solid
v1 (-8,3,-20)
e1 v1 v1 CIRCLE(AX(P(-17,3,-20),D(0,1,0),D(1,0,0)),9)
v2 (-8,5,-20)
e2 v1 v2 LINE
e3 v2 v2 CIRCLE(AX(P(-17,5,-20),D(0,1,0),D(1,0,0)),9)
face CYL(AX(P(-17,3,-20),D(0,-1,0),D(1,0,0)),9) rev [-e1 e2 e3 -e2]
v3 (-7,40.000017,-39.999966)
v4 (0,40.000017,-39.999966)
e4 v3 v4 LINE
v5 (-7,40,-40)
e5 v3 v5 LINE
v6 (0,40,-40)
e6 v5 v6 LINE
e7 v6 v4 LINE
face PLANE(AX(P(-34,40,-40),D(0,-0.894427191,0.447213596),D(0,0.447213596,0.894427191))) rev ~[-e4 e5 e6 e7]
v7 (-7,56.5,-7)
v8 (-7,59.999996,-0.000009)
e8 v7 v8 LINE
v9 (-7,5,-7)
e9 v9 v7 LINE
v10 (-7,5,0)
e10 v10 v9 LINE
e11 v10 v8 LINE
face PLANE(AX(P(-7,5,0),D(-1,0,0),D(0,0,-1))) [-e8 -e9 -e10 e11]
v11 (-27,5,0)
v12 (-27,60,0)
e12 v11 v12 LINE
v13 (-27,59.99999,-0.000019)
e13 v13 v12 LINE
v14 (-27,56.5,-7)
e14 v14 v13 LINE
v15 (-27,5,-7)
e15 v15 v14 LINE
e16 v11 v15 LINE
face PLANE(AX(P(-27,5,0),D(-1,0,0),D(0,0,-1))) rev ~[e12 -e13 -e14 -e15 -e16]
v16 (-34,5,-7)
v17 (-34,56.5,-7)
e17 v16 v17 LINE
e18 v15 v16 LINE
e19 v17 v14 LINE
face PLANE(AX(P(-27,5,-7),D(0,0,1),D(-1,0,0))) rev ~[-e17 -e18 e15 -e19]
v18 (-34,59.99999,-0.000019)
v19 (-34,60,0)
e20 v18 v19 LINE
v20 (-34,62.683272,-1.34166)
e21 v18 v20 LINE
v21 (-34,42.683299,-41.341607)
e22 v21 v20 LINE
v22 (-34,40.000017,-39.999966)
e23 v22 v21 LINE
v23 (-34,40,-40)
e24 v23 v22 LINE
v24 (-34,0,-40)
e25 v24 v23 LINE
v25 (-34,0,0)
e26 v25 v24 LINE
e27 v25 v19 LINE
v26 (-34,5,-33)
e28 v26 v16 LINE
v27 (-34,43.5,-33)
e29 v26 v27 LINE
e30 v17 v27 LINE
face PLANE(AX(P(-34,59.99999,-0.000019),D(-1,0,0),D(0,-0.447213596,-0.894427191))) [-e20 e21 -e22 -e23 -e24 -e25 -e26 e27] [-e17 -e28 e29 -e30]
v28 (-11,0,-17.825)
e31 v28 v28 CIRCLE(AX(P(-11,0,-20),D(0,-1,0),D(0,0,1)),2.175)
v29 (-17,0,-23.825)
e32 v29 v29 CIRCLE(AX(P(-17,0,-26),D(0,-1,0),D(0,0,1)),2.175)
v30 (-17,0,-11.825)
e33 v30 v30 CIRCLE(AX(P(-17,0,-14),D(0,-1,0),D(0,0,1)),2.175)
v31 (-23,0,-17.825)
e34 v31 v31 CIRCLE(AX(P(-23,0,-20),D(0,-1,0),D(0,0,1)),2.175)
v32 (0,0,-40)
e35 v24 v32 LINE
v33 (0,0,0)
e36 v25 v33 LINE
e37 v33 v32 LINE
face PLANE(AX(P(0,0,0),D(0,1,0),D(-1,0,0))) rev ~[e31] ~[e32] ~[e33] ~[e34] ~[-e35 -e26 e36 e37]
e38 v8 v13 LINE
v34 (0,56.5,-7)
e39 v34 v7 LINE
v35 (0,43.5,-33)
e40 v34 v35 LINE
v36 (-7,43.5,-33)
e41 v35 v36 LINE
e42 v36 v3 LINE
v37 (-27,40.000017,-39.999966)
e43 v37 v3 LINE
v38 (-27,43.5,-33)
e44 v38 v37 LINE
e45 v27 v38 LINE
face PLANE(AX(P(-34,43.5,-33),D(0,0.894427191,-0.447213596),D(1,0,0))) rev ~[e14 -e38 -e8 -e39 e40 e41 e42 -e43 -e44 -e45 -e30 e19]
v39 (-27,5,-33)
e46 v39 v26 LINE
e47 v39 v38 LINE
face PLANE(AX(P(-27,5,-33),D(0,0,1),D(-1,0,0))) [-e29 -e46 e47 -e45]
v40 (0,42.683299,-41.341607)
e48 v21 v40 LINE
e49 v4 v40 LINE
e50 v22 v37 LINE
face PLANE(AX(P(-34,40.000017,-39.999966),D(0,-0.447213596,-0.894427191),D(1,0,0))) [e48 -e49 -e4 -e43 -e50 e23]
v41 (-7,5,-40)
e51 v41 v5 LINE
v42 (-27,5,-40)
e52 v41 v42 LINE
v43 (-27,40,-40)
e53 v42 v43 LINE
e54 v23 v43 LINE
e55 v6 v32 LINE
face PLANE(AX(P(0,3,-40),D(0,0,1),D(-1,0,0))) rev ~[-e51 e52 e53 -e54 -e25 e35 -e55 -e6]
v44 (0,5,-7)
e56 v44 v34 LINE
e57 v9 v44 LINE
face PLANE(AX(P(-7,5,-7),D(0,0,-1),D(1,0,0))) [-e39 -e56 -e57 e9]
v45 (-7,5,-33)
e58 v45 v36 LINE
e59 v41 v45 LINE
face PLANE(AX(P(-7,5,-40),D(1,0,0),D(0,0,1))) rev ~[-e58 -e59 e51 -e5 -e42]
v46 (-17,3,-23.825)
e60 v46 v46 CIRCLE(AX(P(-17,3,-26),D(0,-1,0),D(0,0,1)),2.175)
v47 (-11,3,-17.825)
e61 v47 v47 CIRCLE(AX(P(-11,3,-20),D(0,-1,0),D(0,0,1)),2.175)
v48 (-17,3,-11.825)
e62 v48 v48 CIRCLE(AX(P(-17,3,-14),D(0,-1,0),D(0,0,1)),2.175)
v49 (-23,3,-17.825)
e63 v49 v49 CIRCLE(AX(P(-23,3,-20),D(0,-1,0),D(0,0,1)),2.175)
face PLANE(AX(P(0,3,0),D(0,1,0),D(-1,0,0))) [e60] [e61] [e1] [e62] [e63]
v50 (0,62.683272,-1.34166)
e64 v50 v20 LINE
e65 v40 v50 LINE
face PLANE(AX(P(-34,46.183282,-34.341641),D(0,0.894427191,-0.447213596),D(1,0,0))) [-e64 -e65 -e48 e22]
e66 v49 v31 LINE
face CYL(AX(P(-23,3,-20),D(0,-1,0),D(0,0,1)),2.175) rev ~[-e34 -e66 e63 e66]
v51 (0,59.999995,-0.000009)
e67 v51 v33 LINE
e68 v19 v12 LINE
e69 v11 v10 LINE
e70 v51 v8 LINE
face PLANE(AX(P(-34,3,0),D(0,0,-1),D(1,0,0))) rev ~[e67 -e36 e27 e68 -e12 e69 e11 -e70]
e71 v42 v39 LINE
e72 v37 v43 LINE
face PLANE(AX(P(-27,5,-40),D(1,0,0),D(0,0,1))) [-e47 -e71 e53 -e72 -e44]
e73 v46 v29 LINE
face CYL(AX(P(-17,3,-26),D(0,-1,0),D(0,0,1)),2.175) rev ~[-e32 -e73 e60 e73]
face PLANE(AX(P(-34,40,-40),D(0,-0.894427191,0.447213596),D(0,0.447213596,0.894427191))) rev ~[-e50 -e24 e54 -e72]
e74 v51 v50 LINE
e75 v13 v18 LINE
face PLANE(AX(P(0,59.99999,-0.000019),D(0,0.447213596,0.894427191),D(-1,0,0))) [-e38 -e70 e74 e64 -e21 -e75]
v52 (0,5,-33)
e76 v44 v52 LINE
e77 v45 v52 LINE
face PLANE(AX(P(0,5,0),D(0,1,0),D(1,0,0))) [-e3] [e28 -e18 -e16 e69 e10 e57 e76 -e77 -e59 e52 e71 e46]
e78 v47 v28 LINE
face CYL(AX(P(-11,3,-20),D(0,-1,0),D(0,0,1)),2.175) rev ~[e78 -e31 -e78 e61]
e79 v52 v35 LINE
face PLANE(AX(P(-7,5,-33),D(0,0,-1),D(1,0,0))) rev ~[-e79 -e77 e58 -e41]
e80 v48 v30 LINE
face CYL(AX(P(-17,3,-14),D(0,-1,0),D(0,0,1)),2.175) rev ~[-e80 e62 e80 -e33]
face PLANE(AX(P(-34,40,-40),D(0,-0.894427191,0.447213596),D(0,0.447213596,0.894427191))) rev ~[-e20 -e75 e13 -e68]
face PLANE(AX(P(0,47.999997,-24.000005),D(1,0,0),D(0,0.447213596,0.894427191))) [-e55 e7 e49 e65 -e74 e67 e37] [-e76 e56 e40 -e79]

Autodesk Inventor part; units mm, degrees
ref_plane "YZ Plane" through (0, 0, 0) normal (1, 0, 0) x (0, 1, 0)
ref_plane "XZ Plane" through (0, 0, 0) normal (0, 1, 0) x (-1, 0, 0)
ref_plane "XY Plane" through (0, 0, 0) normal (0, 0, 1) x (1, 0, 0)
sketch "Sketch1" plane through (0, 0, 0) normal (0, 1, 0) x (-1, 0, 0)
  line L0 (0, 0) -> (34, 0)
  line L1 (34, 0) -> (34, -40)
  line L2 (34, -40) -> (0, -40)
  line L3 (0, -40) -> (0, 0)
  line L4 (17, -40) -> (17, 0)
  line L5 (34, -20) -> (0, -20)
  dimension "d0" = 34
  dimension "d1" = 40
extrude "Extrusion1" add sketch "Sketch1" along normal blind 3
sketch "Sketch2" plane through (0, 3, 0) normal (0, 1, 0) x (1, 0, 0)
  line L0 (-34, 40) -> (-34, 0) projected
  line L1 (0, 0) -> (0, 40) projected
  line L2 (0, 40) -> (-34, 40) projected
  line L3 (-34, 0) -> (0, 0) projected
  circle A0 centre (-17, 20) radius 9
  line L4 (-34, 0) -> (0, 0)
  line L5 (0, 0) -> (0, 40)
  line L6 (0, 40) -> (-34, 40)
  line L7 (-34, 40) -> (-34, 0)
  dimension "d4" = 18
extrude "Extrusion2" add sketch "Sketch2" along normal blind 2
sketch "Sketch4" plane through (-17, 3, -20) normal (0, 1, 0) x (1, 0, 0)
  line L0 (0, 0) -> (0, 6)
  circle A0 centre (0, 6) radius 2.175
  circle A1 centre (0, -6) radius 2.175
  circle A2 centre (6, 0) radius 2.175
  circle A3 centre (-6, 0) radius 2.175
  point P0 (17, -20)
  dimension "d7" = 6
  dimension "d8" = 4.35
  dimension "d9" = 4.35
  dimension "d10" = 12
  dimension "d11" = 4.35
  dimension "d12" = 6
  dimension "d13" = 4.35
  dimension "d14" = 12
hole "Hole1" at (-23, 3, -20) at (-17, 3, -26) at (-11, 3, -20) at (-17, 3, -14) direction (0, -1, 0) diameter 4.35 end through all
sketch "Sketch5" plane through (0, 5, 0) normal (0, 1, 0) x (1, 0, 0)
  line L0 (0, 0) -> (-7, 0)
  line L1 (-7, 0) -> (-7, 7)
  line L2 (-7, 7) -> (0, 7)
  line L3 (0, 7) -> (0, 0)
  line L4 (0, 40) -> (-7, 40)
  line L5 (-7, 40) -> (-7, 33)
  line L6 (-7, 33) -> (0, 33)
  line L7 (0, 33) -> (0, 40)
  line L8 (0, 40) -> (-34, 40) projected
  line L9 (-34, 40) -> (-27, 40)
  line L10 (-27, 40) -> (-27, 33)
  line L11 (-27, 33) -> (-34, 33)
  line L12 (-34, 33) -> (-34, 40)
  line L13 (-34, 40) -> (-34, 0) projected
  line L14 (-34, 0) -> (-27, 0)
  line L15 (-27, 0) -> (-27, 7)
  line L16 (-27, 7) -> (-34, 7)
  line L17 (-34, 7) -> (-34, 0)
  dimension "d22" = 7
  dimension "d23" = 7
  dimension "d24" = 7
  dimension "d25" = 7
extrude "Extrusion3" add sketch "Sketch5" along normal blind 55
sketch "Sketch6" plane through (-34, 0, -40) normal (-1, 0, 0) x (0, 0, 1)
  line L0 (7, 60) -> (0, 60) projected
  line L1 (0, 60) -> (0, 40)
  line L2 (0, 0) -> (0, 60) projected
  line L3 (0, 40) -> (40, 60)
  line L4 (40, 60) -> (40, 40)
  line L5 (40, 5) -> (40, 60) projected
  line L6 (40, 60) -> (0, 60)
  point P0 (40, 0)
  dimension "d28" = 20
extrude "Extrusion4" cut sketch "Sketch6" against normal through all
sketch "Sketch7" plane through (-34, 43.5, -33) normal (0, 0.8944, -0.4472) x (1, 0, 0)
  line L0 (34, -10.0623) -> (34, -36.8951) projected
  line L1 (0, 25.7148) -> (0, -10.0623) projected
  line L2 (34, -36.8951) -> (0, -36.8951)
  line L3 (0, -36.8951) -> (0, 7.8262)
  line L4 (0, 7.8262) -> (34, 7.8262)
  line L5 (34, 7.8262) -> (34, -36.8951)
extrude "Extrusion5" add sketch "Sketch7" along normal blind 3
properties part number "cameraMount"
